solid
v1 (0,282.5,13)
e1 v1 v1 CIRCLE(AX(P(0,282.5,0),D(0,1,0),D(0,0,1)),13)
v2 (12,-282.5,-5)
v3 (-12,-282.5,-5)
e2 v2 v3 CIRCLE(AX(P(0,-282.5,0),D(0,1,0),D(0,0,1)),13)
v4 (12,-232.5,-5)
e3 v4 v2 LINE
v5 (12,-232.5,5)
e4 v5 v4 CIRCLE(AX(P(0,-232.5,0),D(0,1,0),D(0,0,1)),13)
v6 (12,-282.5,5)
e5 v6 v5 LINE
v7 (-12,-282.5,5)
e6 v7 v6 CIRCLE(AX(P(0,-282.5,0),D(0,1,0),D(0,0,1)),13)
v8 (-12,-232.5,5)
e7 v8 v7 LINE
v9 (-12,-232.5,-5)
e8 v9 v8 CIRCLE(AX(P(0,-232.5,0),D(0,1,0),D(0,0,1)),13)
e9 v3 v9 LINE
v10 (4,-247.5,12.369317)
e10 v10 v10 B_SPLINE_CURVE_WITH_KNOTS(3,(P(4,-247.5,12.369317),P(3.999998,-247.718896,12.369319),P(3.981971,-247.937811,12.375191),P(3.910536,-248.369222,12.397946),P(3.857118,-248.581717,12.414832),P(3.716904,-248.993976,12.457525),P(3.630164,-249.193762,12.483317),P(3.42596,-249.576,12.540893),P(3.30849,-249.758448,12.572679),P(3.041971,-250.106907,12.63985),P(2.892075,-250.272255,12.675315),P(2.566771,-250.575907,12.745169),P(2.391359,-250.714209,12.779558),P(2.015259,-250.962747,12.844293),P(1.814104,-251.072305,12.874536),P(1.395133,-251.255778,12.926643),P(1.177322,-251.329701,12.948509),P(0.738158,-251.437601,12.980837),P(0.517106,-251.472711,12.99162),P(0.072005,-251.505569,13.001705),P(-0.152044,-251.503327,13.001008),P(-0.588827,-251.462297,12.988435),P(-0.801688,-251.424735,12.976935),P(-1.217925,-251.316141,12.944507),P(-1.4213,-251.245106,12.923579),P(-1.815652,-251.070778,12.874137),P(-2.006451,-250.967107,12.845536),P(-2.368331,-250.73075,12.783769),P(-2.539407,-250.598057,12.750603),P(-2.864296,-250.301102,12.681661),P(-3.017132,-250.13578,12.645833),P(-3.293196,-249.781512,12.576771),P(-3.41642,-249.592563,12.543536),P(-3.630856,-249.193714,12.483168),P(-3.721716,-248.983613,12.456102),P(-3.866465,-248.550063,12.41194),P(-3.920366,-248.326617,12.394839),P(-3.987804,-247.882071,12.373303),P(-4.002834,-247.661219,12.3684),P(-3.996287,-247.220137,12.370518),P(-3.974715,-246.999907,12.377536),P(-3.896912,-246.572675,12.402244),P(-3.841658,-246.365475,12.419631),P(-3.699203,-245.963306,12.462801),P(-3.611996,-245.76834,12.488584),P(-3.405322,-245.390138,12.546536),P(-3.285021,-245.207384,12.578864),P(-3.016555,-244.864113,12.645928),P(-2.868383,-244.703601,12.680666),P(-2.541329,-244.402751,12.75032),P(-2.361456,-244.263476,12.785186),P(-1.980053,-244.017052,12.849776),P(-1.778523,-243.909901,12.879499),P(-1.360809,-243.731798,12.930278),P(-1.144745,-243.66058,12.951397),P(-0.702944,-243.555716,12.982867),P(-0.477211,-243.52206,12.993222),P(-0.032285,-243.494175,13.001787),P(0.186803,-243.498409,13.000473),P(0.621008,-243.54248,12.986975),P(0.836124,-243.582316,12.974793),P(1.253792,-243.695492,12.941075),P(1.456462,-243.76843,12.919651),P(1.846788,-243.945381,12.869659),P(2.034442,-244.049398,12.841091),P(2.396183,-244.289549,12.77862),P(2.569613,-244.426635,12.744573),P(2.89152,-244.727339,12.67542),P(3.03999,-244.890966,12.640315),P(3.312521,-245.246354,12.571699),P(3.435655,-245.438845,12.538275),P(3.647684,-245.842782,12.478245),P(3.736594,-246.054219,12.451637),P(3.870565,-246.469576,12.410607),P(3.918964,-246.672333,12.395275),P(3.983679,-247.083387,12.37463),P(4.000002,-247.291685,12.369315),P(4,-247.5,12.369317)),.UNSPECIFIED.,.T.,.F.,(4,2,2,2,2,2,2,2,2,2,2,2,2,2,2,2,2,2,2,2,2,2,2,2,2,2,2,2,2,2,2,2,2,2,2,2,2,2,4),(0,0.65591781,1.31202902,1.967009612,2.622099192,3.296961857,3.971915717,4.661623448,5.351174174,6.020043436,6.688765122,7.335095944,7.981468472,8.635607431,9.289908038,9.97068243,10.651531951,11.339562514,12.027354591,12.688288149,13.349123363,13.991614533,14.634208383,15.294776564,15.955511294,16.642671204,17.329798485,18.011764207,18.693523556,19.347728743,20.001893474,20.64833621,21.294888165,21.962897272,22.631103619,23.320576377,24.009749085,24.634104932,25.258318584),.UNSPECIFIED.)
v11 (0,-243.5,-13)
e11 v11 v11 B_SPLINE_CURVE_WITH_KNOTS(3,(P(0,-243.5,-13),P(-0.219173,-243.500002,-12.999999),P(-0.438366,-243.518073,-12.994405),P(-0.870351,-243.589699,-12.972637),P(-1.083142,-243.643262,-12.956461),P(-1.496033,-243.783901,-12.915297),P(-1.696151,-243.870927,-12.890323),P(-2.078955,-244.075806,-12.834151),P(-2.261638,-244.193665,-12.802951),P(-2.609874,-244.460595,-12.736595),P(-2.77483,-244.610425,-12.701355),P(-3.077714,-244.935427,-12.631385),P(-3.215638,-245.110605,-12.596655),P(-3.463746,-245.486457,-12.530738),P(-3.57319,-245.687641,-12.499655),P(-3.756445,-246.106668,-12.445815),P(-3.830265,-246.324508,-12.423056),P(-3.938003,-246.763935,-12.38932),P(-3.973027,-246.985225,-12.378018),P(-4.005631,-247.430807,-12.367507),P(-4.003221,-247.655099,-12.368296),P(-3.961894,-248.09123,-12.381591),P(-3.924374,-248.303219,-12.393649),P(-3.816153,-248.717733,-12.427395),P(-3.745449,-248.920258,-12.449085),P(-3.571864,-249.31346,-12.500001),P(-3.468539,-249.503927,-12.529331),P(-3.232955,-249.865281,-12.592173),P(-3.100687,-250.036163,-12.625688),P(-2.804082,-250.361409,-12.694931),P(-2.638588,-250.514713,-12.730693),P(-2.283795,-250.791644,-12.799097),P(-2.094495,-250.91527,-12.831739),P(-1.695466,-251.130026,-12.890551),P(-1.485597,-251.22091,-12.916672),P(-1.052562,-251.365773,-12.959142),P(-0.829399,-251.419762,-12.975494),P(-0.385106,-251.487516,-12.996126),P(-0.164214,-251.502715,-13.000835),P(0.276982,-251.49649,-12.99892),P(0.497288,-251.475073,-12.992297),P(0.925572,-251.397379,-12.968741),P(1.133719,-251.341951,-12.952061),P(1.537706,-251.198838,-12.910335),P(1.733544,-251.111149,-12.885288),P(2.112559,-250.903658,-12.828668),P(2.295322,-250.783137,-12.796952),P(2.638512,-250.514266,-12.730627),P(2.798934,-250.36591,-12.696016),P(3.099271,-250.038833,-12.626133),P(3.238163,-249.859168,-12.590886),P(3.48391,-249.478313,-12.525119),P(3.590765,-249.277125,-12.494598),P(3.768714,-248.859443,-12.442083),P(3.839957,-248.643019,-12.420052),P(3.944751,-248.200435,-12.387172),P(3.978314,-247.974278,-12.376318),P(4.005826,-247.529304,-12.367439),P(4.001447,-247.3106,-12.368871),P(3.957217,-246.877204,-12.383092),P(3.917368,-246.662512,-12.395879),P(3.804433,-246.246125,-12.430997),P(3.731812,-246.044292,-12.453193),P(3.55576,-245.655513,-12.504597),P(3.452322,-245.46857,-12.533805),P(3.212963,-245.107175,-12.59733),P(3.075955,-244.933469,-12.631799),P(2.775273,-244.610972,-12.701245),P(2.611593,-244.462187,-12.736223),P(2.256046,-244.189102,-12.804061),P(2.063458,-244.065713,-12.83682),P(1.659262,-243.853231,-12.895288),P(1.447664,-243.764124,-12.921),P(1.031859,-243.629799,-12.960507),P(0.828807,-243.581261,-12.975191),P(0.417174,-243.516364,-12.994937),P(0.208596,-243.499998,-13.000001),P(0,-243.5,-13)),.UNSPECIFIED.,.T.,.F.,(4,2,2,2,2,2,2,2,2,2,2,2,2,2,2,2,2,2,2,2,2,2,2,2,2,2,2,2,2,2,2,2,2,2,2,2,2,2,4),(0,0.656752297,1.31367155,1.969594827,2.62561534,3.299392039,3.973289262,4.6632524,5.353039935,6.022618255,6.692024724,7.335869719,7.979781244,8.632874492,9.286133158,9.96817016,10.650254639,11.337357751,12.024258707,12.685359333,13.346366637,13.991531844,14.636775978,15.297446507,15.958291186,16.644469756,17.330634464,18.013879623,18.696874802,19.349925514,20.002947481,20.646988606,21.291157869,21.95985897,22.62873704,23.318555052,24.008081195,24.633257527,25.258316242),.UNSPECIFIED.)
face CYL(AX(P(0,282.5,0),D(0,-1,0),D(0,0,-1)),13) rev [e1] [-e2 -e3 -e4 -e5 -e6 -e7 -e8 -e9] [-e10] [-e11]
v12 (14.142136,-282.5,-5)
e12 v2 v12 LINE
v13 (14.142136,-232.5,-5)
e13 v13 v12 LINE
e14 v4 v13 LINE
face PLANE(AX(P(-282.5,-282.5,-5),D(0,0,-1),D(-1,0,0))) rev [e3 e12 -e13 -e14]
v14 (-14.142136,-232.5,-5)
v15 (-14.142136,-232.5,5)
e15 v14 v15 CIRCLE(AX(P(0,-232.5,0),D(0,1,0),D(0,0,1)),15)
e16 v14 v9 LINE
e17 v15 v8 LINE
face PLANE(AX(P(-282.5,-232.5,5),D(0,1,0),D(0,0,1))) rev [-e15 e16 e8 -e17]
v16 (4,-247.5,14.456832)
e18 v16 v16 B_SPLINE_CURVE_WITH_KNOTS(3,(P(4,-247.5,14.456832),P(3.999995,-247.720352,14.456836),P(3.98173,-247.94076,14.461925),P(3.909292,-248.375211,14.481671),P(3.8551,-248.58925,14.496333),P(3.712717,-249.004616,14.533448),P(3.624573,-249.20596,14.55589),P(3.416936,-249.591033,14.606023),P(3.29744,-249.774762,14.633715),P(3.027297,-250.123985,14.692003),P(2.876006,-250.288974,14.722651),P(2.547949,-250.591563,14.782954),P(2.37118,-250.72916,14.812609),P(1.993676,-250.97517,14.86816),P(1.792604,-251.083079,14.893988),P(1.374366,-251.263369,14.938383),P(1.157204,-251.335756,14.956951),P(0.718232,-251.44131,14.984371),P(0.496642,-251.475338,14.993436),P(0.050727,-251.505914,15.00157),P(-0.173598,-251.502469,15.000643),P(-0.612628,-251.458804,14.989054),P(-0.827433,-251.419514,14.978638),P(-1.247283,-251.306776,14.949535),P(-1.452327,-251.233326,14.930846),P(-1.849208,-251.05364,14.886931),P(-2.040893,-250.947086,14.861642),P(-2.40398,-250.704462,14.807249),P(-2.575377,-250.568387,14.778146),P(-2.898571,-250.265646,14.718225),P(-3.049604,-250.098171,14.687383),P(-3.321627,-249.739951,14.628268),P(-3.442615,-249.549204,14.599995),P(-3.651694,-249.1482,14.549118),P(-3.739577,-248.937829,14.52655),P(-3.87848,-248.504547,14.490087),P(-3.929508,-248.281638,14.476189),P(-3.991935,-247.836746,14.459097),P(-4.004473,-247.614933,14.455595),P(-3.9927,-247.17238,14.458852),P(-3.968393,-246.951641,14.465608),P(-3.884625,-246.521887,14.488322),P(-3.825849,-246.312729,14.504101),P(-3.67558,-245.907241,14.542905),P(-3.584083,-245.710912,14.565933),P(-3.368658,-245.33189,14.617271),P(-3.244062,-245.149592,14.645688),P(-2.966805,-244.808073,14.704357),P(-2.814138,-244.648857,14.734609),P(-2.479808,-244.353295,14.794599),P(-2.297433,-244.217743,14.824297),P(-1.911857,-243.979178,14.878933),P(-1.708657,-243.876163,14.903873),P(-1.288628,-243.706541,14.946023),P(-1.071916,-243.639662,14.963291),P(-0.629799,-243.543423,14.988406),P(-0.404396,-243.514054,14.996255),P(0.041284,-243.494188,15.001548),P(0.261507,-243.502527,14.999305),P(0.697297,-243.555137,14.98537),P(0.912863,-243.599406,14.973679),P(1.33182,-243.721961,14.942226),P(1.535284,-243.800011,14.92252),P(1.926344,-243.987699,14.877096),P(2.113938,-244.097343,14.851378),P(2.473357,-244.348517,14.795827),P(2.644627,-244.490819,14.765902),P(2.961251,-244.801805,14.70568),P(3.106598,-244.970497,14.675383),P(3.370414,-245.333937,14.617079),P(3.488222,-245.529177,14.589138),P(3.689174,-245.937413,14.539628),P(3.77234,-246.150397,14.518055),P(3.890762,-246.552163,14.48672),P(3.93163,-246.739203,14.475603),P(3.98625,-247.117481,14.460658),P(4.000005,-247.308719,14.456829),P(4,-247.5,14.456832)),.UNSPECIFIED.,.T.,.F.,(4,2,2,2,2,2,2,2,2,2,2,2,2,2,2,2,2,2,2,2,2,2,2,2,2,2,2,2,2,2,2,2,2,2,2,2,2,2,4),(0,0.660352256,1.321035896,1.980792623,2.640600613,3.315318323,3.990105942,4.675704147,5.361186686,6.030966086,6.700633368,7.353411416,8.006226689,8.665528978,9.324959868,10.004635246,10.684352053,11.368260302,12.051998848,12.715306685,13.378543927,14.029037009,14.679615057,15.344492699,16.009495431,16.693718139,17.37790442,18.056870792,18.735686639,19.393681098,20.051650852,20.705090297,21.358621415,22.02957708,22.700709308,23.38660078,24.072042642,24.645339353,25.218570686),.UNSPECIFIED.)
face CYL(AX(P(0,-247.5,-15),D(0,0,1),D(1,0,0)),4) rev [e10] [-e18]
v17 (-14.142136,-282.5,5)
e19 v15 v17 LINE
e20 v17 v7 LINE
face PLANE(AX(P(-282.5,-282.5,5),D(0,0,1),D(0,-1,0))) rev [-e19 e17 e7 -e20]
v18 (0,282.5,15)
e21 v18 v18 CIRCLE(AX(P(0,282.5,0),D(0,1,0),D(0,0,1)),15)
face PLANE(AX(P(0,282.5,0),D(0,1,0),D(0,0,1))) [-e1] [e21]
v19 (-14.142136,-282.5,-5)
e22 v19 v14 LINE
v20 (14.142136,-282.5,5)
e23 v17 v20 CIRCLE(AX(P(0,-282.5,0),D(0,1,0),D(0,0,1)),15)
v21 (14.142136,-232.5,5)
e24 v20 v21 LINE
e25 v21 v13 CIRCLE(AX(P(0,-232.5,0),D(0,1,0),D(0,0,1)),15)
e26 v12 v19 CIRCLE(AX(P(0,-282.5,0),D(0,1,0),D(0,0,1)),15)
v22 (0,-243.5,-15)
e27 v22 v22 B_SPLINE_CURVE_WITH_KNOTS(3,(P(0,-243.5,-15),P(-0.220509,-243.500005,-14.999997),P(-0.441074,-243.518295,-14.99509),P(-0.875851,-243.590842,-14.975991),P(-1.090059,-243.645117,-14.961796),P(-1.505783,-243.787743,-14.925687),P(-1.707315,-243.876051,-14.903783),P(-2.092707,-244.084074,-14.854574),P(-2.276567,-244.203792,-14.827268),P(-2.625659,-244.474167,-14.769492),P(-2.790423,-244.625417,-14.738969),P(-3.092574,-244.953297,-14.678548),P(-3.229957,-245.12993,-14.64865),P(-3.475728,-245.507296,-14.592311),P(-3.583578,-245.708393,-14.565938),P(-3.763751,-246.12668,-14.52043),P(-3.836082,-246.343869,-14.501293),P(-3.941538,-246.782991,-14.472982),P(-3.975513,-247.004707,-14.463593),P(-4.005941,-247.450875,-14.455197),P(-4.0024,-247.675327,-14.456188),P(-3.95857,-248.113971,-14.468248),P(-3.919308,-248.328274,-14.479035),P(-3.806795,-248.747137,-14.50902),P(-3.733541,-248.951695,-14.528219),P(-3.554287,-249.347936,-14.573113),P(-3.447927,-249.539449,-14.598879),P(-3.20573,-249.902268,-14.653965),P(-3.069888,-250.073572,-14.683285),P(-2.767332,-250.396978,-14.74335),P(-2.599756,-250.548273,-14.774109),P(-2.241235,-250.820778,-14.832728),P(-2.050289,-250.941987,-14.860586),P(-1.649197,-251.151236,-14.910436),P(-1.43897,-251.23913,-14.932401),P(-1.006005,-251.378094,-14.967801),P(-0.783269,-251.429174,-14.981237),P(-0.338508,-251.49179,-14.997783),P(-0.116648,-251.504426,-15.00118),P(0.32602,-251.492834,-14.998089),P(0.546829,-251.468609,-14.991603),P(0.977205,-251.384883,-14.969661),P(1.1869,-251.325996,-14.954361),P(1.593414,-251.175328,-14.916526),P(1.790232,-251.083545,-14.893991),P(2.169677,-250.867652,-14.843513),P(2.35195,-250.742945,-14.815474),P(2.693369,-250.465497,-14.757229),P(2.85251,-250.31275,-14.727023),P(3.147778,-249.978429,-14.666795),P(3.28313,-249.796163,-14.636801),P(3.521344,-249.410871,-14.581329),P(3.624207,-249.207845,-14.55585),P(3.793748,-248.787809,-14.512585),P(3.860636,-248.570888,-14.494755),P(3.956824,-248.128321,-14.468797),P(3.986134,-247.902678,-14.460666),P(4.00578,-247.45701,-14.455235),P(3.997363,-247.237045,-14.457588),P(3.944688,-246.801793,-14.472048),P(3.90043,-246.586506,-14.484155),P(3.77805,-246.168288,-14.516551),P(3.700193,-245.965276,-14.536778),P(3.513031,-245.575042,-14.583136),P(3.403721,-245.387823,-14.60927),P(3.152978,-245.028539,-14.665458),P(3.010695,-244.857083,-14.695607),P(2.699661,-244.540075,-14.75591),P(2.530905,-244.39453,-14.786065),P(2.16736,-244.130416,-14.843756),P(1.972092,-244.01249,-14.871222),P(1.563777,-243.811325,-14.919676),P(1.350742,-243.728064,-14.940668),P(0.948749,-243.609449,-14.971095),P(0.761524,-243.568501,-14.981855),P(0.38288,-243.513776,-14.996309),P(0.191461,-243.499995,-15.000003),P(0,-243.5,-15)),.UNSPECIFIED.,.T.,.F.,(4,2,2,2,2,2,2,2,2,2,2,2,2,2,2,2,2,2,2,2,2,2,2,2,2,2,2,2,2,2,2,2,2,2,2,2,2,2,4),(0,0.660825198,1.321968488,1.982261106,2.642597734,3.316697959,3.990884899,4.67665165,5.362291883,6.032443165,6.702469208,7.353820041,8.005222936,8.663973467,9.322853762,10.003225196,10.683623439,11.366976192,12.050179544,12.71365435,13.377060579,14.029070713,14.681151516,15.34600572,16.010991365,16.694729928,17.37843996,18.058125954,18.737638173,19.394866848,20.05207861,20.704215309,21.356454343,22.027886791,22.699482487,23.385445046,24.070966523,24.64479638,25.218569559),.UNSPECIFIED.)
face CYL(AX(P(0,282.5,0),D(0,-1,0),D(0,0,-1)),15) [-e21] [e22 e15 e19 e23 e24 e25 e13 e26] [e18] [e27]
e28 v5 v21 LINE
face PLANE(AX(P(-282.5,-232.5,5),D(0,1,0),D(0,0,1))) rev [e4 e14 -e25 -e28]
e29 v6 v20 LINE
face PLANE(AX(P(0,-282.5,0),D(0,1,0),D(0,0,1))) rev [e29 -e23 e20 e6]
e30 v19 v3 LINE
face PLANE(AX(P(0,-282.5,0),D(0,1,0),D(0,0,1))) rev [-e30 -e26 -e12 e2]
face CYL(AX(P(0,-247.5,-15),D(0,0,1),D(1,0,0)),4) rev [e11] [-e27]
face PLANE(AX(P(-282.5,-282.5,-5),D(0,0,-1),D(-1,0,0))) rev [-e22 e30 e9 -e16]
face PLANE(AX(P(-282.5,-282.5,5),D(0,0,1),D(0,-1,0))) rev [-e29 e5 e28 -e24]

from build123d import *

# Parameters (mm, degrees)
SKETCH1_R               = 15
SKETCH1_R_2             = 13
BOSS_EXTRUDE1_DEPTH     = 282.5
SKETCH3_W               = 10
SKETCH3_H               = 50
CUT_EXTRUDE1_DEPTH      = 282.5
CUT_EXTRUDE2_DEPTH      = 284.29534059
CUT_EXTRUDE2_DEPTH_BACK = 284.29534059
SKETCH4_R               = 4


with BuildPart() as part:
    # Sketch1 → Boss-Extrude1 (new, symmetric)
    with BuildSketch(Plane(origin=(0, 0, 0), x_dir=(1, 0, 0), z_dir=(0, 1, 0))):
        with Locations(Location((0, 0, 0), (0, 0, 270))):
            Circle(SKETCH1_R)
        with Locations(Location((0, 0, 0), (0, 0, 270))):
            Circle(SKETCH1_R_2, mode=Mode.SUBTRACT)
    extrude(amount=BOSS_EXTRUDE1_DEPTH, both=True)

    # Sketch3 → Cut-Extrude1 (cut, symmetric)
    with BuildSketch(Plane(origin=(0, 0, 0), x_dir=(0, 0, -1), z_dir=(1, 0, 0))):
        with Locations((0, -257.5)):
            Rectangle(SKETCH3_W, SKETCH3_H)
    extrude(amount=CUT_EXTRUDE1_DEPTH, both=True, mode=Mode.SUBTRACT)

    # Sketch4 → Cut-Extrude2 (cut, two sides: drawn at the far end of the back side and taken through both)
    with BuildSketch(Plane.XY.offset(-CUT_EXTRUDE2_DEPTH_BACK)):
        with Locations((0, -247.5)):
            Circle(SKETCH4_R)
    extrude(amount=CUT_EXTRUDE2_DEPTH + CUT_EXTRUDE2_DEPTH_BACK, mode=Mode.SUBTRACT)


solid = part.part
